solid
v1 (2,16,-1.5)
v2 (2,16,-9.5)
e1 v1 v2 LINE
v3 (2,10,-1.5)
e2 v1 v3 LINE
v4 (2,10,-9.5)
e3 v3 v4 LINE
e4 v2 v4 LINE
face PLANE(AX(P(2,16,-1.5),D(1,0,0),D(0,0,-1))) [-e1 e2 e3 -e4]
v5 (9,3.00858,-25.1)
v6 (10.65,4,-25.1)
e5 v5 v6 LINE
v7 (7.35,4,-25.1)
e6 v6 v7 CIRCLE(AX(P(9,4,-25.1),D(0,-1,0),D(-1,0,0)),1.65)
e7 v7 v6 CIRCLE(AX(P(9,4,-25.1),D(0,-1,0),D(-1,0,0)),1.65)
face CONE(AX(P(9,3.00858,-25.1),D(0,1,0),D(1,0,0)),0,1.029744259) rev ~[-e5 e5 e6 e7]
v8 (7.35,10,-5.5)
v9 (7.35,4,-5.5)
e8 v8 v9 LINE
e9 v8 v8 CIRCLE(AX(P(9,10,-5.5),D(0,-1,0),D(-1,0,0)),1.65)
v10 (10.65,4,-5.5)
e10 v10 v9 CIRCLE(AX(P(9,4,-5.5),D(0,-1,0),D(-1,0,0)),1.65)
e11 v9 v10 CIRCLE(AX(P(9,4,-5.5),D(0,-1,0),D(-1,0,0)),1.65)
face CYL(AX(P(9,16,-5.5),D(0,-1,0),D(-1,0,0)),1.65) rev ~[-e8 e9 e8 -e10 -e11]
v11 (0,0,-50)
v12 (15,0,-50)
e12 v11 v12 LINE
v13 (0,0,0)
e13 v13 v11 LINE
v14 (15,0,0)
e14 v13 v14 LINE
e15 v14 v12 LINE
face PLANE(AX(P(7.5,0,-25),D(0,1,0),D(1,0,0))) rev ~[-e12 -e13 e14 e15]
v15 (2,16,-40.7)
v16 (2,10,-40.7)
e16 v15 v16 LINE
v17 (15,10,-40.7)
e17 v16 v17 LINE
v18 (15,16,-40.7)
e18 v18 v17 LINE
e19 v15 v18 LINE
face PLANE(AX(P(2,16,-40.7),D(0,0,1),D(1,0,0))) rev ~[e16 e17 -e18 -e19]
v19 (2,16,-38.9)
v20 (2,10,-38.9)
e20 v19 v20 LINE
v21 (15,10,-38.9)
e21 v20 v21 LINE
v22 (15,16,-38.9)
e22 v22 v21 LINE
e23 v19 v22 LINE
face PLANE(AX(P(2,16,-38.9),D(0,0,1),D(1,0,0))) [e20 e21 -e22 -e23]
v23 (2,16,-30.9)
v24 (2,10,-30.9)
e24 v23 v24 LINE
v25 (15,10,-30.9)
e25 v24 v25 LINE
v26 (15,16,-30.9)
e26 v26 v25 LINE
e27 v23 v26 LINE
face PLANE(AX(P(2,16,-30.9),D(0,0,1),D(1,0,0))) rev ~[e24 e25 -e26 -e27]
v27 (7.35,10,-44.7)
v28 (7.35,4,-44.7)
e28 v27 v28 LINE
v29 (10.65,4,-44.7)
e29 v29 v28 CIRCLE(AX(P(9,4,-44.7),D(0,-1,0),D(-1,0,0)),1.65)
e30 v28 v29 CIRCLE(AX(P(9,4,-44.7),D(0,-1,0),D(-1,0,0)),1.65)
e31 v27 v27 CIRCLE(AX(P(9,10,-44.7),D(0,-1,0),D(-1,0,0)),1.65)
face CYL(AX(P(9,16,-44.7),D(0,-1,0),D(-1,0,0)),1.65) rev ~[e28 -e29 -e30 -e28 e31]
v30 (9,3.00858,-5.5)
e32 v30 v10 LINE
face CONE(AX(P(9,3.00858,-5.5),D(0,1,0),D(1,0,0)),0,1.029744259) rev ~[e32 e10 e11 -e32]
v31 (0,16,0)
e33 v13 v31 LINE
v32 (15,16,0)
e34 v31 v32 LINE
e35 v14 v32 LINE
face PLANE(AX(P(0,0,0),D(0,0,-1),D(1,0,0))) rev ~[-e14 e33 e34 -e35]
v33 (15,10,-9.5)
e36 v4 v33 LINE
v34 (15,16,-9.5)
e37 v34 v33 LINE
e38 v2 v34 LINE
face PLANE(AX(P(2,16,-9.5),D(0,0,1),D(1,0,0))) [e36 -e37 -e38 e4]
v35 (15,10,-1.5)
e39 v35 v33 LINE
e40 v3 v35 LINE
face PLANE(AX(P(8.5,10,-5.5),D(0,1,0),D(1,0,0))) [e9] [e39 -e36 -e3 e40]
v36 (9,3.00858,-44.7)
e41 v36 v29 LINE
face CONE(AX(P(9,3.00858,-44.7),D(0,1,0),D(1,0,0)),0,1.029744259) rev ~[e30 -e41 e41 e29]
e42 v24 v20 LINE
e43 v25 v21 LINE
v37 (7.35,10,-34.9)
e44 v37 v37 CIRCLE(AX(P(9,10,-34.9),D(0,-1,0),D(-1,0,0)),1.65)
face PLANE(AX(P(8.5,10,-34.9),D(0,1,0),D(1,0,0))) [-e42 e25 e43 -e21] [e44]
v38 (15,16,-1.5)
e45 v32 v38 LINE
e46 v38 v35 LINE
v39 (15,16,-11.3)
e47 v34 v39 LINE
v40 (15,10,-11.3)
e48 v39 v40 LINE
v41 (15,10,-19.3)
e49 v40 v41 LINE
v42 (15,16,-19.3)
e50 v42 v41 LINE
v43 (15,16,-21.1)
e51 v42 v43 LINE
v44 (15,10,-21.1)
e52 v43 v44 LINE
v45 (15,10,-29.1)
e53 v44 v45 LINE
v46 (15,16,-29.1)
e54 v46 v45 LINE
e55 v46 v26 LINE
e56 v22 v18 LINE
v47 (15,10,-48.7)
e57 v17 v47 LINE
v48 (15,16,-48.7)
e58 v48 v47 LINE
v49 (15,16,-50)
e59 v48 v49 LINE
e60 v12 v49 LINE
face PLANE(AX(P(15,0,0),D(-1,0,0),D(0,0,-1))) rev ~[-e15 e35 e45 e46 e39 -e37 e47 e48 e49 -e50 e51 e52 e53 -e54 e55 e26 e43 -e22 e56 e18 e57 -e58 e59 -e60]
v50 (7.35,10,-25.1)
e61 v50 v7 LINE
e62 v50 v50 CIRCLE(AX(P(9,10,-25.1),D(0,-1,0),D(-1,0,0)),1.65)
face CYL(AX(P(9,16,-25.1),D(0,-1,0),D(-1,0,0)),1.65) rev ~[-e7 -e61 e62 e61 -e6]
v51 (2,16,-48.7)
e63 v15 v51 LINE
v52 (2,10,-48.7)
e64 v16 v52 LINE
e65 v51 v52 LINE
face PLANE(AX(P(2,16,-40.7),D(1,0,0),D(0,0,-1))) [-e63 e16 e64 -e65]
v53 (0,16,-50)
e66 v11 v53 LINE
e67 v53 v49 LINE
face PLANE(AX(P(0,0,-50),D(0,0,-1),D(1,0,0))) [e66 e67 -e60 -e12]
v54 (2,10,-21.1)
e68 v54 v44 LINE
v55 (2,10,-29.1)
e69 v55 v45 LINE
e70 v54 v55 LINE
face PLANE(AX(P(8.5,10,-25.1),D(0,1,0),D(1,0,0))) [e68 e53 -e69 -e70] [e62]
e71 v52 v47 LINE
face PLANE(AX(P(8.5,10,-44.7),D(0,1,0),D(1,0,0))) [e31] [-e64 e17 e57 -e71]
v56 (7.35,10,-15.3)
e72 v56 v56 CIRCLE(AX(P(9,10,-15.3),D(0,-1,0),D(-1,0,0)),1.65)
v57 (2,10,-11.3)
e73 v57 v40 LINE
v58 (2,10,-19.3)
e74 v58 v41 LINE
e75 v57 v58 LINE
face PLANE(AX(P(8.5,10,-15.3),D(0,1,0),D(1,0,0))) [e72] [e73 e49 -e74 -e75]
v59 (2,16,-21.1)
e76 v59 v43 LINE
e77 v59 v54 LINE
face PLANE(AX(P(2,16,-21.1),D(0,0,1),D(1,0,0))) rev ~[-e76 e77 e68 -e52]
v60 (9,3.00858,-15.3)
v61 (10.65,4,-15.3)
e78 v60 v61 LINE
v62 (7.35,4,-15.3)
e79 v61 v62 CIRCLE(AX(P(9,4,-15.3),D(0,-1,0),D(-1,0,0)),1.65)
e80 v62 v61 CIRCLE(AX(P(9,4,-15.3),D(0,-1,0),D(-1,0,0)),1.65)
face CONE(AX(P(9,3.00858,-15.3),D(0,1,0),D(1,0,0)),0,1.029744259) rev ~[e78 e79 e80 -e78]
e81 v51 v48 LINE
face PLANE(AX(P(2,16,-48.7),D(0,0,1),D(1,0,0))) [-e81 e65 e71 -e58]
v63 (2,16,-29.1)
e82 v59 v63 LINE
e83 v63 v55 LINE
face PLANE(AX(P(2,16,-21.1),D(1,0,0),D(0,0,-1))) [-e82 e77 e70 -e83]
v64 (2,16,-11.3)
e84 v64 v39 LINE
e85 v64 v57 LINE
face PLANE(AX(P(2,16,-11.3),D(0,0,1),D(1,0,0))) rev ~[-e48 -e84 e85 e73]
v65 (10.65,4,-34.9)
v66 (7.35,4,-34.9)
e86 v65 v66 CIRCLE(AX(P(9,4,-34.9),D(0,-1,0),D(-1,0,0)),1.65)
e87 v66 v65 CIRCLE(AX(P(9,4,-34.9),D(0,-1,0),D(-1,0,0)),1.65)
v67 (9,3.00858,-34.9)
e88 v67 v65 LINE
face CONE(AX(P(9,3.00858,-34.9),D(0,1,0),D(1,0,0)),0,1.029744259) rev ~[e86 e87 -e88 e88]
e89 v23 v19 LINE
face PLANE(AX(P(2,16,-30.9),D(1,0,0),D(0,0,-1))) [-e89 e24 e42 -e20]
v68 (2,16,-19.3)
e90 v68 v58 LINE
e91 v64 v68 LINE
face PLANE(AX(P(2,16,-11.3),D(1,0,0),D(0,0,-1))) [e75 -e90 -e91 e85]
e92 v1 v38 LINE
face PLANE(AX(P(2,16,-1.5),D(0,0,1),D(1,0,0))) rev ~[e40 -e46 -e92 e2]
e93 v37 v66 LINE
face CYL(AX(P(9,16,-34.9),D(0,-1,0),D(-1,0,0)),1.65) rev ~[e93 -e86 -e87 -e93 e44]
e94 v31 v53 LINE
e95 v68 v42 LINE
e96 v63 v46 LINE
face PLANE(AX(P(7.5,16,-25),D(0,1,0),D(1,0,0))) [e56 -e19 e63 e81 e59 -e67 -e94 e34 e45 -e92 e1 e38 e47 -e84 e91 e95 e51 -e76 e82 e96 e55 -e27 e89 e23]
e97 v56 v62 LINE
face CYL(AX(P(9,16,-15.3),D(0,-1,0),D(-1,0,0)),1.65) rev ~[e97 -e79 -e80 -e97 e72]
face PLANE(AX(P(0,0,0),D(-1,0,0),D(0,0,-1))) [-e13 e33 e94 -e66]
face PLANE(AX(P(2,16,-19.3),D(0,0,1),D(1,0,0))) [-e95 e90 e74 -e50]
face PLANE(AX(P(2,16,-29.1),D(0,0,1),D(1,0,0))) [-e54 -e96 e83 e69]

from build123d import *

# Parameters (mm, degrees)
SKETCH1_W             = 15
SKETCH1_H             = 50
BOSS_EXTRUDE1_DEPTH   = 16
SKETCH2_W             = 13
SKETCH2_H             = 8
CUT_EXTRUDE1_DEPTH    = 6
M4_TAPPED_HOLE2_D     = 3.3
M4_TAPPED_HOLE2_DEPTH = 6
M4_TAPPED_HOLE2_TIP   = 0.991420021


with BuildPart() as part:
    # Sketch1 → Boss-Extrude1 (new body)
    with BuildSketch(Plane(origin=(0, 0, 0), x_dir=(1, 0, 0), z_dir=(0, 1, 0))):
        with Locations((7.5, 25)):
            Rectangle(SKETCH1_W, SKETCH1_H)
    extrude(amount=BOSS_EXTRUDE1_DEPTH)

    # Sketch2 → Cut-Extrude1 (cut)
    with BuildSketch(Plane(origin=(0, 16, 0), x_dir=(1, 0, 0), z_dir=(0, 1, 0))):
        with Locations((8.5, 5.5)):
            Rectangle(SKETCH2_W, SKETCH2_H)
        with Locations((8.5, 15.3)):
            Rectangle(SKETCH2_W, SKETCH2_H)
        with Locations((8.5, 25.1)):
            Rectangle(SKETCH2_W, SKETCH2_H)
        with Locations((8.5, 34.9)):
            Rectangle(SKETCH2_W, SKETCH2_H)
        with Locations((8.5, 44.7)):
            Rectangle(SKETCH2_W, SKETCH2_H)
    extrude(amount=-CUT_EXTRUDE1_DEPTH, mode=Mode.SUBTRACT)

    # M4 Tapped Hole2
    with Locations(Plane(origin=(0, 10, 0), x_dir=(1, 0, 0), z_dir=(0, 1, 0))):
        with Locations((9, 5.5), (9, 15.3), (9, 25.1), (9, 34.9), (9, 44.7)):
            Hole(M4_TAPPED_HOLE2_D / 2, depth=M4_TAPPED_HOLE2_DEPTH)
            with Locations((0, 0, -(M4_TAPPED_HOLE2_DEPTH + M4_TAPPED_HOLE2_TIP / 2))):  # 118° drill point
                Cone(0, M4_TAPPED_HOLE2_D / 2, M4_TAPPED_HOLE2_TIP, mode=Mode.SUBTRACT)


solid = part.part
